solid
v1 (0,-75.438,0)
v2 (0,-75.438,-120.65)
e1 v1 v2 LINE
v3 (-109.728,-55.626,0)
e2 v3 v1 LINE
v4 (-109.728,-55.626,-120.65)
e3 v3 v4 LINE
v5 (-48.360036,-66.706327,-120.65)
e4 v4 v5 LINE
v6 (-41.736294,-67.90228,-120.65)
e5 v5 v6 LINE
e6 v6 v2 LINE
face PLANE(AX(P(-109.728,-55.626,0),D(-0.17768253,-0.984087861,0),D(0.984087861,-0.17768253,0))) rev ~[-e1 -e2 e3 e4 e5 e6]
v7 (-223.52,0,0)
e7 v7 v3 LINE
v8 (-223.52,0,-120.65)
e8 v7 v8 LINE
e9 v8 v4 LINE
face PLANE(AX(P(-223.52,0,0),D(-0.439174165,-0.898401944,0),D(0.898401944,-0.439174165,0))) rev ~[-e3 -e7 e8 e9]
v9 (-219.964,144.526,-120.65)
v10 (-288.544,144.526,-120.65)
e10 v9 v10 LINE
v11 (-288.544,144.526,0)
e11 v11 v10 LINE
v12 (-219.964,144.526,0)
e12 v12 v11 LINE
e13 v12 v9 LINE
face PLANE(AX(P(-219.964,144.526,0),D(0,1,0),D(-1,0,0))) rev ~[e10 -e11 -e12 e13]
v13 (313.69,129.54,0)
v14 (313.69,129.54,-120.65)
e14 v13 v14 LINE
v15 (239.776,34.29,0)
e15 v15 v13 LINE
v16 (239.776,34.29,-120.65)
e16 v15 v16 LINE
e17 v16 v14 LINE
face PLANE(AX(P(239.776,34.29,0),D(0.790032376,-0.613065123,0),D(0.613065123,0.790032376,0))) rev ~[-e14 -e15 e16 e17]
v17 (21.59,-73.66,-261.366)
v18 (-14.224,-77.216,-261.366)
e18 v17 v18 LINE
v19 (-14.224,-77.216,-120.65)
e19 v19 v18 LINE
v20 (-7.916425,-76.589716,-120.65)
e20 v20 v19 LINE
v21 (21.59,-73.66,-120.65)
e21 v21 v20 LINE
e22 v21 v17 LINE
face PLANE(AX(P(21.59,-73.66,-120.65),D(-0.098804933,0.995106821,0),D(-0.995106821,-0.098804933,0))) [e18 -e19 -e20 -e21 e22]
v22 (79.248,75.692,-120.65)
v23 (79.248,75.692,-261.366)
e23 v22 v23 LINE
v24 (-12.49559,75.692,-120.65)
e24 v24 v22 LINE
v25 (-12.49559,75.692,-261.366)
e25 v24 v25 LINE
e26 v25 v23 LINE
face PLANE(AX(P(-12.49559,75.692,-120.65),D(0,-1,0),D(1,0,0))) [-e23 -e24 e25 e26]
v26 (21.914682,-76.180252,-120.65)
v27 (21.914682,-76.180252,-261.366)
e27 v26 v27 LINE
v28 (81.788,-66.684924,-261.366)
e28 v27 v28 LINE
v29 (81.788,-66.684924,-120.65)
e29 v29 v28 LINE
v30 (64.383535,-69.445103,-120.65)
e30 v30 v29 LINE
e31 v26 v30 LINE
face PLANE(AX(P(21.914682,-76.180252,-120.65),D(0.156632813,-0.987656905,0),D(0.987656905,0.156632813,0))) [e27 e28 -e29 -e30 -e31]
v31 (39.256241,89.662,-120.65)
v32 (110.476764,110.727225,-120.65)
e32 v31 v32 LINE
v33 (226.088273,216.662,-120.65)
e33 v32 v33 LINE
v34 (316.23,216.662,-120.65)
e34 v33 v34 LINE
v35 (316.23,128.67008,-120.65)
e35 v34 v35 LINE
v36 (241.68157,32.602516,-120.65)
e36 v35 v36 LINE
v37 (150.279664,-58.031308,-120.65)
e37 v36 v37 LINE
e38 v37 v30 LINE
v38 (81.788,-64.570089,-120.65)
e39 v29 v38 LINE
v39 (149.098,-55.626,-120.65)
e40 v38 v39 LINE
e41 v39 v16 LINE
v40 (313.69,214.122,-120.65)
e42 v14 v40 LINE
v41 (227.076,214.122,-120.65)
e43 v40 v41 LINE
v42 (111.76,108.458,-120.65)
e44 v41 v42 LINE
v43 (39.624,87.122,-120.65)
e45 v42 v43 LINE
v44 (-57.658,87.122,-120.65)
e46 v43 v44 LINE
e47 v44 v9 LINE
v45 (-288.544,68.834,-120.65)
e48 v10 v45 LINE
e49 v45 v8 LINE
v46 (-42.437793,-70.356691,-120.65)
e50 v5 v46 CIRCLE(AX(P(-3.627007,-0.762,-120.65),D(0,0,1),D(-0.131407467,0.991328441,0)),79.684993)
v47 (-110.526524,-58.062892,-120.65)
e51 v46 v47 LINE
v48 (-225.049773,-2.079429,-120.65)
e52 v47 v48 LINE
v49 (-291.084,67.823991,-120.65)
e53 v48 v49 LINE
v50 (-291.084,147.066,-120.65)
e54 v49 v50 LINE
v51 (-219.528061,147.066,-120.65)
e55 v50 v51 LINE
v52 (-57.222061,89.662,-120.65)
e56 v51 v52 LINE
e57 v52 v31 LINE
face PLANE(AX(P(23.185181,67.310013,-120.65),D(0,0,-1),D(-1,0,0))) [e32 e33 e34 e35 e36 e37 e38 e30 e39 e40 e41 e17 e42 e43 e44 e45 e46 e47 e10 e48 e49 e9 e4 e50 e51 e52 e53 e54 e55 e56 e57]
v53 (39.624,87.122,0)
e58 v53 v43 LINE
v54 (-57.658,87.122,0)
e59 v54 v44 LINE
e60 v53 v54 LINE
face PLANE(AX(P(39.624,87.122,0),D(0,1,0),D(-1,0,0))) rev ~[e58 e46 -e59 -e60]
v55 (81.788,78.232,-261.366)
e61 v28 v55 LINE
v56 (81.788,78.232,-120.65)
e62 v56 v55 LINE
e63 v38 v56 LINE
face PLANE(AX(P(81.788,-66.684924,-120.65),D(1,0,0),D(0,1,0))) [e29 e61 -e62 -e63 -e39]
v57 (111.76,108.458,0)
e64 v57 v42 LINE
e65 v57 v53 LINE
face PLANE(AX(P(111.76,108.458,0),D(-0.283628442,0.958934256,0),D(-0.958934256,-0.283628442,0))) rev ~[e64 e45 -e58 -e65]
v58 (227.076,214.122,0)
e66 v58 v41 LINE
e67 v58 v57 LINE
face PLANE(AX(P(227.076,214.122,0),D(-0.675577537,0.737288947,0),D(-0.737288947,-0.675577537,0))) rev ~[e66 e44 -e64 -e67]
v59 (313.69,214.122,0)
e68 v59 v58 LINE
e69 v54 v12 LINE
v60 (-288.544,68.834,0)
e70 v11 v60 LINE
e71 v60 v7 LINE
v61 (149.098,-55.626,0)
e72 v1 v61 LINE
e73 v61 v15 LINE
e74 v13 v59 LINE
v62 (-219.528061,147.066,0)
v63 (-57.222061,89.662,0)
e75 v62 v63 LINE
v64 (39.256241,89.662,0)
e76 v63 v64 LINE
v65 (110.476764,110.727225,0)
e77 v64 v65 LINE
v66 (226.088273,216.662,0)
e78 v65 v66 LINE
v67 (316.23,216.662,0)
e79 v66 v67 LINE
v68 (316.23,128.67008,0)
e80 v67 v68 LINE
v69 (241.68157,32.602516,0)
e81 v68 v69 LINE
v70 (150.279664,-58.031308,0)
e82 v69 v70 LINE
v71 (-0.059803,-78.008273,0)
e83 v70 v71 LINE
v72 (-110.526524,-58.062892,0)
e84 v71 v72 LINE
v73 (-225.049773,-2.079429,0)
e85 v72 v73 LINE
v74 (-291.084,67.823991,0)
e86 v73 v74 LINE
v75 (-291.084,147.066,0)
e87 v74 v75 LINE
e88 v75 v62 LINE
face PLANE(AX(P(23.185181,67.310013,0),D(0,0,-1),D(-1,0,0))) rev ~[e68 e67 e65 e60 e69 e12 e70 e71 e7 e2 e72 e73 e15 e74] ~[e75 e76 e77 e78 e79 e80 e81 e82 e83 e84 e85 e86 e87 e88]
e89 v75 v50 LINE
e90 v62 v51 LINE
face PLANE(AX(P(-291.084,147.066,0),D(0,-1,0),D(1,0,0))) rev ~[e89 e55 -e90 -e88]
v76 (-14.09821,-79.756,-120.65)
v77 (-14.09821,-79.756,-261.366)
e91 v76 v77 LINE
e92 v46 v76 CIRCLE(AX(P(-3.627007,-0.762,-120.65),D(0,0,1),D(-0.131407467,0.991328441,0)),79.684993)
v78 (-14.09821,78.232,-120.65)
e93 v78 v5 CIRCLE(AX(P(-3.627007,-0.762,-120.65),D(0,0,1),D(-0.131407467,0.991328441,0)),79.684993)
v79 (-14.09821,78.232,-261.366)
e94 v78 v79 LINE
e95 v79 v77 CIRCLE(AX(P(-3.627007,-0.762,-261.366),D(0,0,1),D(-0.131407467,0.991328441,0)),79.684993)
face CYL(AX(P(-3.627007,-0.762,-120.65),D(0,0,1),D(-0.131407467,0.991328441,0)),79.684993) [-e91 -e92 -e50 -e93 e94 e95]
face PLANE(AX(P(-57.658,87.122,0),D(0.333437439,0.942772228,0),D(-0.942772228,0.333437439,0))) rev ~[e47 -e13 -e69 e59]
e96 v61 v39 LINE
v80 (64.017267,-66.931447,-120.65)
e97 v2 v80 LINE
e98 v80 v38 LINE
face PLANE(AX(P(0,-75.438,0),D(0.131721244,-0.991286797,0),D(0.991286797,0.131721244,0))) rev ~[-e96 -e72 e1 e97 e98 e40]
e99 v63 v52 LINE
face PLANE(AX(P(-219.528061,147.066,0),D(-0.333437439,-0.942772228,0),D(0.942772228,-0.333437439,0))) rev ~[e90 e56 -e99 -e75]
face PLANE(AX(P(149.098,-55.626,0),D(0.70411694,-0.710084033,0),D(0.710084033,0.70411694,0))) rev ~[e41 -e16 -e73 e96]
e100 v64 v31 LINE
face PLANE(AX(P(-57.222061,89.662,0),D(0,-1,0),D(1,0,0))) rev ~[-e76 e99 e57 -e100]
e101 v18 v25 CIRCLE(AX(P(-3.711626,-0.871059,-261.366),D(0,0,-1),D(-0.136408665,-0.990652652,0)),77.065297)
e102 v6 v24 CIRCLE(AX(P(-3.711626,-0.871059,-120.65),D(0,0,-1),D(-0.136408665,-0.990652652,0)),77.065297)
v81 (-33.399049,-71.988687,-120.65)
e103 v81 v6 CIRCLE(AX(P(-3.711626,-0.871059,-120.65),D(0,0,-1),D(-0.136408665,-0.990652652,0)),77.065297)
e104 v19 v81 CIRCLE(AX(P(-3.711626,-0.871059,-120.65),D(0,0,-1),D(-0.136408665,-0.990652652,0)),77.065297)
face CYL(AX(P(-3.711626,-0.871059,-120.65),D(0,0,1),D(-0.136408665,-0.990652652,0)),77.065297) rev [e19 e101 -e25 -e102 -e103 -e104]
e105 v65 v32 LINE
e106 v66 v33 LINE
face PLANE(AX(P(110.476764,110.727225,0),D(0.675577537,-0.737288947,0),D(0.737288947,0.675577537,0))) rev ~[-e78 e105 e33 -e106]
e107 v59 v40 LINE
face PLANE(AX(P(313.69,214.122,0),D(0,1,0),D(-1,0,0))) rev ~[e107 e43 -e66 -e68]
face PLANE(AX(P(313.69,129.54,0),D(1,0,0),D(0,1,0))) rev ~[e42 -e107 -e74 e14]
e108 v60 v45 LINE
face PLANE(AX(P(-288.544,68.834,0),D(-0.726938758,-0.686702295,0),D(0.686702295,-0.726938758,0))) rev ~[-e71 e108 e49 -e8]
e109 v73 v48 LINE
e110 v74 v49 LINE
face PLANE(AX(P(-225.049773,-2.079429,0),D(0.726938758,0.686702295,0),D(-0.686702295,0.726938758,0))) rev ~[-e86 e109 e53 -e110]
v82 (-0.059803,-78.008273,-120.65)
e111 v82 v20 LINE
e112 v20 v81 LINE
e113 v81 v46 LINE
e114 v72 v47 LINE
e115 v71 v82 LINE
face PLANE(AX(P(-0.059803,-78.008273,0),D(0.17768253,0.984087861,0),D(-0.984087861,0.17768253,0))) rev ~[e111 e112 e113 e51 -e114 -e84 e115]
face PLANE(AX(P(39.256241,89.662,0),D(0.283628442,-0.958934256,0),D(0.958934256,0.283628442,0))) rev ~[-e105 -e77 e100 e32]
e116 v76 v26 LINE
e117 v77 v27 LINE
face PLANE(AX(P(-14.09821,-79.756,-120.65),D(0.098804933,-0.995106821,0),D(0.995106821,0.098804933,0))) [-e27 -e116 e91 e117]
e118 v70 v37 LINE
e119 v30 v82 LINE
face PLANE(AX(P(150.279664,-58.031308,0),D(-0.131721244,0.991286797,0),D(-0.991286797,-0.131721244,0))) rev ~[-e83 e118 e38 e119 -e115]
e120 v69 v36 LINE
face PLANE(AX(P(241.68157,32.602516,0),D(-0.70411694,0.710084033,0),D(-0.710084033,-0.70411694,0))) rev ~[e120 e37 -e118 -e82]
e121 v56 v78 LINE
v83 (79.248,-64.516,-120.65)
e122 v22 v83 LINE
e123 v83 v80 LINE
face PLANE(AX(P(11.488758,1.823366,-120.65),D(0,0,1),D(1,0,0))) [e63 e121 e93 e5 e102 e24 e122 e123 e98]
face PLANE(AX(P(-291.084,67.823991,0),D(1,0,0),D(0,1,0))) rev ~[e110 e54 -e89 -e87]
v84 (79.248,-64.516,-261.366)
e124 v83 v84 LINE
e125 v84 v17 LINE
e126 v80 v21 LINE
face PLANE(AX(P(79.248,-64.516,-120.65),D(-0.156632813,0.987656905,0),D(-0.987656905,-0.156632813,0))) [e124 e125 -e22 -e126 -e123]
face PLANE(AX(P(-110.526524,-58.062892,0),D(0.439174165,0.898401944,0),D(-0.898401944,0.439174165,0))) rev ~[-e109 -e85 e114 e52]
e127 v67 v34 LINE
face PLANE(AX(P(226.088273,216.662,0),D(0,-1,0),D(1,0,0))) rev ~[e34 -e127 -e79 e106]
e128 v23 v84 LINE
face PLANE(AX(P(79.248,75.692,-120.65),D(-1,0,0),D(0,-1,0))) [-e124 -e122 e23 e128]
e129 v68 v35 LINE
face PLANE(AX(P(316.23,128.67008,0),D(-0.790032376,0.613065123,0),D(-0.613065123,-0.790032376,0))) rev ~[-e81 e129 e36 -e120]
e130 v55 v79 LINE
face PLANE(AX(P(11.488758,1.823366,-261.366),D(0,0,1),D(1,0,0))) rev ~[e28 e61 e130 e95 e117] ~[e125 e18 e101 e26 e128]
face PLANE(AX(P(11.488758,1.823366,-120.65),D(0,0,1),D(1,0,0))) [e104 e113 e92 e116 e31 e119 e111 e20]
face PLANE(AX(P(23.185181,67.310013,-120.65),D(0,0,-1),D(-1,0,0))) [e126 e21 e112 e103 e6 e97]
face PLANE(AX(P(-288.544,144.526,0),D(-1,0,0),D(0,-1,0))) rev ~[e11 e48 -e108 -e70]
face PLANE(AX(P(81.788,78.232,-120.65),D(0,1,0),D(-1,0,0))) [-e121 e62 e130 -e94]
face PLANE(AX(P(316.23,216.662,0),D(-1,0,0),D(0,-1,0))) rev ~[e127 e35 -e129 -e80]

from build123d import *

# Parameters (mm, degrees)
BOSS_EXTRUDE1_DEPTH = 120.65
BOSS_EXTRUDE2_DEPTH = 140.716


with BuildPart() as part:
    # Sketch1 → Boss-Extrude1 (new body)
    with BuildSketch(Plane.XY):
        Polygon((-291.084, 147.066), (-219.52806053, 147.066), (-57.22206053, 89.662), (39.256240725, 89.662), (110.476764153, 110.727225239), (226.088273147, 216.662), (316.23, 216.662), (316.23, 128.670079749), (241.68157023, 32.602515613), (150.279663639, -58.03130773), (-0.059802851, -78.008272613), (-110.526524053, -58.062892396), (-225.049772802, -2.07942928), (-291.084, 67.823990918), align=None)
        Polygon((111.76, 108.458), (39.624, 87.122), (-57.658, 87.122), (-219.964, 144.526), (-288.544, 144.526), (-288.544, 68.834), (-223.52, 0), (-109.728, -55.626), (0, -75.438), (149.098, -55.626), (239.776, 34.29), (313.69, 129.54), (313.69, 214.122), (227.076, 214.122), align=None, mode=Mode.SUBTRACT)
    extrude(amount=-BOSS_EXTRUDE1_DEPTH)

    # Sketch2 → Boss-Extrude2 (add)
    with BuildSketch(Plane(origin=(0, 0, -120.65), x_dir=(-1, 0, 0), z_dir=(0, 0, -1))):
        with BuildLine():
            Line((-81.788, 78.232), (14.098209979, 78.232))
            ThreePointArc((14.098209979, 78.232), (83.312, -0.762), (14.098209979, -79.756))
            Line((14.098209979, -79.756), (-21.914681881, -76.180251872))
            Line((-21.914681881, -76.180251872), (-81.788, -66.684923888))
            Line((-81.788, -66.684923888), (-81.788, 78.232))
        make_face()
        with BuildLine():
            Line((-79.248, 75.692), (-79.248, -64.516))
            Line((-79.248, -64.516), (-21.59, -73.66))
            Line((-21.59, -73.66), (14.224, -77.216))
            ThreePointArc((14.224, -77.216), (80.772, 0), (12.495590487, 75.692))
            Line((12.495590487, 75.692), (-79.248, 75.692))
        make_face(mode=Mode.SUBTRACT)
    extrude(amount=BOSS_EXTRUDE2_DEPTH)


solid = part.part
